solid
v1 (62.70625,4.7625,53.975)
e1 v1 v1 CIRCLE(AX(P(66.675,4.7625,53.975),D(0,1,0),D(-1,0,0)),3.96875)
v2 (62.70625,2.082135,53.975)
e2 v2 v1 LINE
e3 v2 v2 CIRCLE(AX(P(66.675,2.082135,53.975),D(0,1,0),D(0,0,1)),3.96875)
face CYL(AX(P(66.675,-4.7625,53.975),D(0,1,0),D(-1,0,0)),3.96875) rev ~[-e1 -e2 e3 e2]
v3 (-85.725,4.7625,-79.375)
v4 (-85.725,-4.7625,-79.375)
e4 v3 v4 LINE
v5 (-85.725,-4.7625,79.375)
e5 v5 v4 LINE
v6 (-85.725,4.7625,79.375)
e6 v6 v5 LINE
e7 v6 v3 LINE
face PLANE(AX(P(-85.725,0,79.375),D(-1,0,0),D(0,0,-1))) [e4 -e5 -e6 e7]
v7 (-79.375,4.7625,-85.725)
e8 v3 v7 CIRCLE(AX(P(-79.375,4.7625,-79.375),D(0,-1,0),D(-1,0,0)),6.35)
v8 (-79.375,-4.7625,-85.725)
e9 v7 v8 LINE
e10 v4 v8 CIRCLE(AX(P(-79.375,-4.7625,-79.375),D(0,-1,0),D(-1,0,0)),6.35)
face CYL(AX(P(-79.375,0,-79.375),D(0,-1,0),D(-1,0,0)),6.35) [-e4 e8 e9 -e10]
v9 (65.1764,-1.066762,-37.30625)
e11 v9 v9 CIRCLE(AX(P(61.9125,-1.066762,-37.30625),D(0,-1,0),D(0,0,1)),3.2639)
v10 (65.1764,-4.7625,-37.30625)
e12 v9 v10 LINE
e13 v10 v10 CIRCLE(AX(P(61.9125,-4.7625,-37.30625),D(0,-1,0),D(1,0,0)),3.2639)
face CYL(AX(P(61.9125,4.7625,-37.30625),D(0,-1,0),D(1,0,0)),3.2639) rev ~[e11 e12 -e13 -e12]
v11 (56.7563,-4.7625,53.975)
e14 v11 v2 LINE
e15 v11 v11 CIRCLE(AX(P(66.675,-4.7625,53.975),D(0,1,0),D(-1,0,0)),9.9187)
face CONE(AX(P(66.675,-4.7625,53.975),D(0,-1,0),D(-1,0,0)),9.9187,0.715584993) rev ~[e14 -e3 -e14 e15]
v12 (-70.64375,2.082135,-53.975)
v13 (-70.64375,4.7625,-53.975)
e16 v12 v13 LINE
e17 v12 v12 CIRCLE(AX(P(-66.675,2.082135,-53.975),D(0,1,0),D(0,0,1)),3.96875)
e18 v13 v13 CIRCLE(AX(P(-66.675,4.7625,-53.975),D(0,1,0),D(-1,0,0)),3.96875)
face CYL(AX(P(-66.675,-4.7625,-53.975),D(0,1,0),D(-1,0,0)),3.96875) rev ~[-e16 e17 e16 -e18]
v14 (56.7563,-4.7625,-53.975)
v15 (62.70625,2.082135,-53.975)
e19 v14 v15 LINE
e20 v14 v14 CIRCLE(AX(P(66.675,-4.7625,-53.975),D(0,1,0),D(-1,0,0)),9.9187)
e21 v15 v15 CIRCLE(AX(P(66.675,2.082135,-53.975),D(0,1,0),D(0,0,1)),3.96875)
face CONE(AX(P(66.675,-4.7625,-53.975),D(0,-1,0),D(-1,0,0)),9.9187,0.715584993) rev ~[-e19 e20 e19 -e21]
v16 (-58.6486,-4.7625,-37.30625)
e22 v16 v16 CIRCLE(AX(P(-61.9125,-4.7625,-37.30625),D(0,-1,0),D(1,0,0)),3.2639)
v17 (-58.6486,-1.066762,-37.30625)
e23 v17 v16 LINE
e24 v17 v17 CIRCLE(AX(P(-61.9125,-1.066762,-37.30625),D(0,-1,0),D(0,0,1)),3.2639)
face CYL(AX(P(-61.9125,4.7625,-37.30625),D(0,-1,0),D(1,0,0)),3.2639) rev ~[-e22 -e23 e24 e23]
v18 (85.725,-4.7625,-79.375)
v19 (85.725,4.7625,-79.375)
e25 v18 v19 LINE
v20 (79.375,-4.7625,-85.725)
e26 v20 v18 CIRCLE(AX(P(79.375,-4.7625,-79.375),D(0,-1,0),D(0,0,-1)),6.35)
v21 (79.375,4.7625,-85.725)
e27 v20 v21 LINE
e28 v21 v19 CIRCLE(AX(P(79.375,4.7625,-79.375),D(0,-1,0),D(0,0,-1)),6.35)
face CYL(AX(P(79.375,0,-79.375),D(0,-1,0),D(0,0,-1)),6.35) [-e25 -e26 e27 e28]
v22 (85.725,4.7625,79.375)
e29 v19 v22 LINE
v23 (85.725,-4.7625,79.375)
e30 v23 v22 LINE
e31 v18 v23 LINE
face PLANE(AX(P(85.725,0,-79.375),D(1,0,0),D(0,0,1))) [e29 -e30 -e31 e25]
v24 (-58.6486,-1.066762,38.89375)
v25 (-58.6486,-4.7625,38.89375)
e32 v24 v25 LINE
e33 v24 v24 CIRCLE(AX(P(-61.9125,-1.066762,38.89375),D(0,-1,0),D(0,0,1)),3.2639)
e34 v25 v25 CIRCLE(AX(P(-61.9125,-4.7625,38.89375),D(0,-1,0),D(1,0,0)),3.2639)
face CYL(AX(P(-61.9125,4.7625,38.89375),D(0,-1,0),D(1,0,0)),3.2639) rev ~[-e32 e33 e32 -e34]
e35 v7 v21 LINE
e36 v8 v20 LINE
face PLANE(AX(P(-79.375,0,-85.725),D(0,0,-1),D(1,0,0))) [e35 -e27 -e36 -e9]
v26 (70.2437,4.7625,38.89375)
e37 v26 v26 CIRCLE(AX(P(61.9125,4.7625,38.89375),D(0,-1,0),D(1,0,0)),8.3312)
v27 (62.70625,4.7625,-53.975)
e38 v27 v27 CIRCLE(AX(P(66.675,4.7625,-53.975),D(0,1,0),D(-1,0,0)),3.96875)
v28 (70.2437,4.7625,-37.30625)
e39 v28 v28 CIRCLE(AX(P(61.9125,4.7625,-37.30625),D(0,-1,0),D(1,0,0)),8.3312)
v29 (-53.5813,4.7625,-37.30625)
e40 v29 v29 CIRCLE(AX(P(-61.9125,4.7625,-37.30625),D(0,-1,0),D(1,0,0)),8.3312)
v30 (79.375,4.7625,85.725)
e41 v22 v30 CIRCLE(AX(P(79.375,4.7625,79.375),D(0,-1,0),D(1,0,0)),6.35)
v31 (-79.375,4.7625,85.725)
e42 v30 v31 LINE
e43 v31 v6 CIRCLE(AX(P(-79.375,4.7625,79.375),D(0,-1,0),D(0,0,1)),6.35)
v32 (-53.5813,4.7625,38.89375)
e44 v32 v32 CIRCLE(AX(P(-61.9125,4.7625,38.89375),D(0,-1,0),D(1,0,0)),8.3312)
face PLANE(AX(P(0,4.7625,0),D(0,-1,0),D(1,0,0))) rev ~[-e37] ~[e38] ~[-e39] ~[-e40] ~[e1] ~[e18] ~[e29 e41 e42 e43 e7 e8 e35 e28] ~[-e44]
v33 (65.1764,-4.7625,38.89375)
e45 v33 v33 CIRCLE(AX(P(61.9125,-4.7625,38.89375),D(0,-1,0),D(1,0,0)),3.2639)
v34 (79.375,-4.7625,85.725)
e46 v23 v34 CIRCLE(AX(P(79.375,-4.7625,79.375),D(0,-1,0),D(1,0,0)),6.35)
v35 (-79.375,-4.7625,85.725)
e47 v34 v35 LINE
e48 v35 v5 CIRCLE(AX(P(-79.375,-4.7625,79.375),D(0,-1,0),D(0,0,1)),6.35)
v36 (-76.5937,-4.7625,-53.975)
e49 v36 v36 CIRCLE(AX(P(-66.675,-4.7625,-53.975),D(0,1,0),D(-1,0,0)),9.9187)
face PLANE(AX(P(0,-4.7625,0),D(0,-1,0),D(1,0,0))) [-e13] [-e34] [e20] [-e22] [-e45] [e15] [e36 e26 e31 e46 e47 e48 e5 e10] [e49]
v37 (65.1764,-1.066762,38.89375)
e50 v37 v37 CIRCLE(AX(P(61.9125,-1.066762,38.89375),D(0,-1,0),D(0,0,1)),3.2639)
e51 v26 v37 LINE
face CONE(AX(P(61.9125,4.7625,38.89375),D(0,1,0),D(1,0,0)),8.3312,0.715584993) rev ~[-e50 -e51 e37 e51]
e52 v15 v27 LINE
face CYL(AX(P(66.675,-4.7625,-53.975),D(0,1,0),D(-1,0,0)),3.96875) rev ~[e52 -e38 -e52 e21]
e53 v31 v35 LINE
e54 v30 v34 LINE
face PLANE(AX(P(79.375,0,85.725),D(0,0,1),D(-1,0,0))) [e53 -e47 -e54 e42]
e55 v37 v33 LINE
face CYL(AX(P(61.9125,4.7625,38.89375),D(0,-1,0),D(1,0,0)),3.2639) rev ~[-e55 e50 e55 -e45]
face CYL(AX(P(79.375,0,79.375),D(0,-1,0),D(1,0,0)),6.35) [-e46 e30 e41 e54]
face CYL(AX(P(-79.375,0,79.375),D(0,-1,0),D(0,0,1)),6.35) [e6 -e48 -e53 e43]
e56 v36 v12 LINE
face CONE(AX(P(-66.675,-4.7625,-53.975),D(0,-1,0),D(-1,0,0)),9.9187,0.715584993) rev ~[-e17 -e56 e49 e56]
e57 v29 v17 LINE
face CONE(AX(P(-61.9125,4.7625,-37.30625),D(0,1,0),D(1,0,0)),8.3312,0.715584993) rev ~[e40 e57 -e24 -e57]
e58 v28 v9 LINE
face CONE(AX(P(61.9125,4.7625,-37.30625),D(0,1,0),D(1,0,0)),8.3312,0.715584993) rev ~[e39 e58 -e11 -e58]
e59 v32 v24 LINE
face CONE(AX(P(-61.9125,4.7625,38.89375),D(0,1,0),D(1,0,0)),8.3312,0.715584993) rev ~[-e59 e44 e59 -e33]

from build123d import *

# Parameters (mm, degrees)
F1_DEPTH       = 4.7625
F3_D           = 7.9375
F3_CSINK_D     = 19.8374
F3_CSINK_ANGLE = 82
F5_D           = 6.5278
F5_CSINK_D     = 16.6624
F5_CSINK_ANGLE = 82


with BuildPart() as f1:
    # F0 (on Front) → F1 (new body, symmetric)
    with BuildSketch(Plane.XZ):
        with BuildLine():
            ThreePointArc((85.725, 79.375), (83.8651280605, 83.8651280605), (79.375, 85.725))
            Line((79.375, 85.725), (-79.375, 85.725))
            ThreePointArc((-79.375, 85.725), (-83.8651280605, 83.8651280605), (-85.725, 79.375))
            Line((-85.725, 79.375), (-85.725, -79.375))
            ThreePointArc((-85.725, -79.375), (-83.8651280605, -83.8651280605), (-79.375, -85.725))
            Line((-79.375, -85.725), (79.375, -85.725))
            ThreePointArc((79.375, -85.725), (83.8651280605, -83.8651280605), (85.725, -79.375))
            Line((85.725, -79.375), (85.725, 79.375))
        make_face()
    extrude(amount=F1_DEPTH, both=True)

    # F3 (through all)
    with Locations(Plane.XZ.offset(4.7625)):
        with Locations((66.675, 53.975), (-66.675, -53.975), (66.675, -53.975)):
            CounterSinkHole(F3_D / 2, F3_CSINK_D / 2, counter_sink_angle=F3_CSINK_ANGLE)

    # F5 (through all)
    with Locations(Plane(origin=(0, 4.7625, 0), x_dir=(-1, 0, 0), z_dir=(0, 1, 0))):
        with Locations((-61.9125, 38.89375), (61.9125, 38.89375), (61.9125, -37.30625), (-61.9125, -37.30625)):
            CounterSinkHole(F5_D / 2, F5_CSINK_D / 2, counter_sink_angle=F5_CSINK_ANGLE)


solid = f1.part
